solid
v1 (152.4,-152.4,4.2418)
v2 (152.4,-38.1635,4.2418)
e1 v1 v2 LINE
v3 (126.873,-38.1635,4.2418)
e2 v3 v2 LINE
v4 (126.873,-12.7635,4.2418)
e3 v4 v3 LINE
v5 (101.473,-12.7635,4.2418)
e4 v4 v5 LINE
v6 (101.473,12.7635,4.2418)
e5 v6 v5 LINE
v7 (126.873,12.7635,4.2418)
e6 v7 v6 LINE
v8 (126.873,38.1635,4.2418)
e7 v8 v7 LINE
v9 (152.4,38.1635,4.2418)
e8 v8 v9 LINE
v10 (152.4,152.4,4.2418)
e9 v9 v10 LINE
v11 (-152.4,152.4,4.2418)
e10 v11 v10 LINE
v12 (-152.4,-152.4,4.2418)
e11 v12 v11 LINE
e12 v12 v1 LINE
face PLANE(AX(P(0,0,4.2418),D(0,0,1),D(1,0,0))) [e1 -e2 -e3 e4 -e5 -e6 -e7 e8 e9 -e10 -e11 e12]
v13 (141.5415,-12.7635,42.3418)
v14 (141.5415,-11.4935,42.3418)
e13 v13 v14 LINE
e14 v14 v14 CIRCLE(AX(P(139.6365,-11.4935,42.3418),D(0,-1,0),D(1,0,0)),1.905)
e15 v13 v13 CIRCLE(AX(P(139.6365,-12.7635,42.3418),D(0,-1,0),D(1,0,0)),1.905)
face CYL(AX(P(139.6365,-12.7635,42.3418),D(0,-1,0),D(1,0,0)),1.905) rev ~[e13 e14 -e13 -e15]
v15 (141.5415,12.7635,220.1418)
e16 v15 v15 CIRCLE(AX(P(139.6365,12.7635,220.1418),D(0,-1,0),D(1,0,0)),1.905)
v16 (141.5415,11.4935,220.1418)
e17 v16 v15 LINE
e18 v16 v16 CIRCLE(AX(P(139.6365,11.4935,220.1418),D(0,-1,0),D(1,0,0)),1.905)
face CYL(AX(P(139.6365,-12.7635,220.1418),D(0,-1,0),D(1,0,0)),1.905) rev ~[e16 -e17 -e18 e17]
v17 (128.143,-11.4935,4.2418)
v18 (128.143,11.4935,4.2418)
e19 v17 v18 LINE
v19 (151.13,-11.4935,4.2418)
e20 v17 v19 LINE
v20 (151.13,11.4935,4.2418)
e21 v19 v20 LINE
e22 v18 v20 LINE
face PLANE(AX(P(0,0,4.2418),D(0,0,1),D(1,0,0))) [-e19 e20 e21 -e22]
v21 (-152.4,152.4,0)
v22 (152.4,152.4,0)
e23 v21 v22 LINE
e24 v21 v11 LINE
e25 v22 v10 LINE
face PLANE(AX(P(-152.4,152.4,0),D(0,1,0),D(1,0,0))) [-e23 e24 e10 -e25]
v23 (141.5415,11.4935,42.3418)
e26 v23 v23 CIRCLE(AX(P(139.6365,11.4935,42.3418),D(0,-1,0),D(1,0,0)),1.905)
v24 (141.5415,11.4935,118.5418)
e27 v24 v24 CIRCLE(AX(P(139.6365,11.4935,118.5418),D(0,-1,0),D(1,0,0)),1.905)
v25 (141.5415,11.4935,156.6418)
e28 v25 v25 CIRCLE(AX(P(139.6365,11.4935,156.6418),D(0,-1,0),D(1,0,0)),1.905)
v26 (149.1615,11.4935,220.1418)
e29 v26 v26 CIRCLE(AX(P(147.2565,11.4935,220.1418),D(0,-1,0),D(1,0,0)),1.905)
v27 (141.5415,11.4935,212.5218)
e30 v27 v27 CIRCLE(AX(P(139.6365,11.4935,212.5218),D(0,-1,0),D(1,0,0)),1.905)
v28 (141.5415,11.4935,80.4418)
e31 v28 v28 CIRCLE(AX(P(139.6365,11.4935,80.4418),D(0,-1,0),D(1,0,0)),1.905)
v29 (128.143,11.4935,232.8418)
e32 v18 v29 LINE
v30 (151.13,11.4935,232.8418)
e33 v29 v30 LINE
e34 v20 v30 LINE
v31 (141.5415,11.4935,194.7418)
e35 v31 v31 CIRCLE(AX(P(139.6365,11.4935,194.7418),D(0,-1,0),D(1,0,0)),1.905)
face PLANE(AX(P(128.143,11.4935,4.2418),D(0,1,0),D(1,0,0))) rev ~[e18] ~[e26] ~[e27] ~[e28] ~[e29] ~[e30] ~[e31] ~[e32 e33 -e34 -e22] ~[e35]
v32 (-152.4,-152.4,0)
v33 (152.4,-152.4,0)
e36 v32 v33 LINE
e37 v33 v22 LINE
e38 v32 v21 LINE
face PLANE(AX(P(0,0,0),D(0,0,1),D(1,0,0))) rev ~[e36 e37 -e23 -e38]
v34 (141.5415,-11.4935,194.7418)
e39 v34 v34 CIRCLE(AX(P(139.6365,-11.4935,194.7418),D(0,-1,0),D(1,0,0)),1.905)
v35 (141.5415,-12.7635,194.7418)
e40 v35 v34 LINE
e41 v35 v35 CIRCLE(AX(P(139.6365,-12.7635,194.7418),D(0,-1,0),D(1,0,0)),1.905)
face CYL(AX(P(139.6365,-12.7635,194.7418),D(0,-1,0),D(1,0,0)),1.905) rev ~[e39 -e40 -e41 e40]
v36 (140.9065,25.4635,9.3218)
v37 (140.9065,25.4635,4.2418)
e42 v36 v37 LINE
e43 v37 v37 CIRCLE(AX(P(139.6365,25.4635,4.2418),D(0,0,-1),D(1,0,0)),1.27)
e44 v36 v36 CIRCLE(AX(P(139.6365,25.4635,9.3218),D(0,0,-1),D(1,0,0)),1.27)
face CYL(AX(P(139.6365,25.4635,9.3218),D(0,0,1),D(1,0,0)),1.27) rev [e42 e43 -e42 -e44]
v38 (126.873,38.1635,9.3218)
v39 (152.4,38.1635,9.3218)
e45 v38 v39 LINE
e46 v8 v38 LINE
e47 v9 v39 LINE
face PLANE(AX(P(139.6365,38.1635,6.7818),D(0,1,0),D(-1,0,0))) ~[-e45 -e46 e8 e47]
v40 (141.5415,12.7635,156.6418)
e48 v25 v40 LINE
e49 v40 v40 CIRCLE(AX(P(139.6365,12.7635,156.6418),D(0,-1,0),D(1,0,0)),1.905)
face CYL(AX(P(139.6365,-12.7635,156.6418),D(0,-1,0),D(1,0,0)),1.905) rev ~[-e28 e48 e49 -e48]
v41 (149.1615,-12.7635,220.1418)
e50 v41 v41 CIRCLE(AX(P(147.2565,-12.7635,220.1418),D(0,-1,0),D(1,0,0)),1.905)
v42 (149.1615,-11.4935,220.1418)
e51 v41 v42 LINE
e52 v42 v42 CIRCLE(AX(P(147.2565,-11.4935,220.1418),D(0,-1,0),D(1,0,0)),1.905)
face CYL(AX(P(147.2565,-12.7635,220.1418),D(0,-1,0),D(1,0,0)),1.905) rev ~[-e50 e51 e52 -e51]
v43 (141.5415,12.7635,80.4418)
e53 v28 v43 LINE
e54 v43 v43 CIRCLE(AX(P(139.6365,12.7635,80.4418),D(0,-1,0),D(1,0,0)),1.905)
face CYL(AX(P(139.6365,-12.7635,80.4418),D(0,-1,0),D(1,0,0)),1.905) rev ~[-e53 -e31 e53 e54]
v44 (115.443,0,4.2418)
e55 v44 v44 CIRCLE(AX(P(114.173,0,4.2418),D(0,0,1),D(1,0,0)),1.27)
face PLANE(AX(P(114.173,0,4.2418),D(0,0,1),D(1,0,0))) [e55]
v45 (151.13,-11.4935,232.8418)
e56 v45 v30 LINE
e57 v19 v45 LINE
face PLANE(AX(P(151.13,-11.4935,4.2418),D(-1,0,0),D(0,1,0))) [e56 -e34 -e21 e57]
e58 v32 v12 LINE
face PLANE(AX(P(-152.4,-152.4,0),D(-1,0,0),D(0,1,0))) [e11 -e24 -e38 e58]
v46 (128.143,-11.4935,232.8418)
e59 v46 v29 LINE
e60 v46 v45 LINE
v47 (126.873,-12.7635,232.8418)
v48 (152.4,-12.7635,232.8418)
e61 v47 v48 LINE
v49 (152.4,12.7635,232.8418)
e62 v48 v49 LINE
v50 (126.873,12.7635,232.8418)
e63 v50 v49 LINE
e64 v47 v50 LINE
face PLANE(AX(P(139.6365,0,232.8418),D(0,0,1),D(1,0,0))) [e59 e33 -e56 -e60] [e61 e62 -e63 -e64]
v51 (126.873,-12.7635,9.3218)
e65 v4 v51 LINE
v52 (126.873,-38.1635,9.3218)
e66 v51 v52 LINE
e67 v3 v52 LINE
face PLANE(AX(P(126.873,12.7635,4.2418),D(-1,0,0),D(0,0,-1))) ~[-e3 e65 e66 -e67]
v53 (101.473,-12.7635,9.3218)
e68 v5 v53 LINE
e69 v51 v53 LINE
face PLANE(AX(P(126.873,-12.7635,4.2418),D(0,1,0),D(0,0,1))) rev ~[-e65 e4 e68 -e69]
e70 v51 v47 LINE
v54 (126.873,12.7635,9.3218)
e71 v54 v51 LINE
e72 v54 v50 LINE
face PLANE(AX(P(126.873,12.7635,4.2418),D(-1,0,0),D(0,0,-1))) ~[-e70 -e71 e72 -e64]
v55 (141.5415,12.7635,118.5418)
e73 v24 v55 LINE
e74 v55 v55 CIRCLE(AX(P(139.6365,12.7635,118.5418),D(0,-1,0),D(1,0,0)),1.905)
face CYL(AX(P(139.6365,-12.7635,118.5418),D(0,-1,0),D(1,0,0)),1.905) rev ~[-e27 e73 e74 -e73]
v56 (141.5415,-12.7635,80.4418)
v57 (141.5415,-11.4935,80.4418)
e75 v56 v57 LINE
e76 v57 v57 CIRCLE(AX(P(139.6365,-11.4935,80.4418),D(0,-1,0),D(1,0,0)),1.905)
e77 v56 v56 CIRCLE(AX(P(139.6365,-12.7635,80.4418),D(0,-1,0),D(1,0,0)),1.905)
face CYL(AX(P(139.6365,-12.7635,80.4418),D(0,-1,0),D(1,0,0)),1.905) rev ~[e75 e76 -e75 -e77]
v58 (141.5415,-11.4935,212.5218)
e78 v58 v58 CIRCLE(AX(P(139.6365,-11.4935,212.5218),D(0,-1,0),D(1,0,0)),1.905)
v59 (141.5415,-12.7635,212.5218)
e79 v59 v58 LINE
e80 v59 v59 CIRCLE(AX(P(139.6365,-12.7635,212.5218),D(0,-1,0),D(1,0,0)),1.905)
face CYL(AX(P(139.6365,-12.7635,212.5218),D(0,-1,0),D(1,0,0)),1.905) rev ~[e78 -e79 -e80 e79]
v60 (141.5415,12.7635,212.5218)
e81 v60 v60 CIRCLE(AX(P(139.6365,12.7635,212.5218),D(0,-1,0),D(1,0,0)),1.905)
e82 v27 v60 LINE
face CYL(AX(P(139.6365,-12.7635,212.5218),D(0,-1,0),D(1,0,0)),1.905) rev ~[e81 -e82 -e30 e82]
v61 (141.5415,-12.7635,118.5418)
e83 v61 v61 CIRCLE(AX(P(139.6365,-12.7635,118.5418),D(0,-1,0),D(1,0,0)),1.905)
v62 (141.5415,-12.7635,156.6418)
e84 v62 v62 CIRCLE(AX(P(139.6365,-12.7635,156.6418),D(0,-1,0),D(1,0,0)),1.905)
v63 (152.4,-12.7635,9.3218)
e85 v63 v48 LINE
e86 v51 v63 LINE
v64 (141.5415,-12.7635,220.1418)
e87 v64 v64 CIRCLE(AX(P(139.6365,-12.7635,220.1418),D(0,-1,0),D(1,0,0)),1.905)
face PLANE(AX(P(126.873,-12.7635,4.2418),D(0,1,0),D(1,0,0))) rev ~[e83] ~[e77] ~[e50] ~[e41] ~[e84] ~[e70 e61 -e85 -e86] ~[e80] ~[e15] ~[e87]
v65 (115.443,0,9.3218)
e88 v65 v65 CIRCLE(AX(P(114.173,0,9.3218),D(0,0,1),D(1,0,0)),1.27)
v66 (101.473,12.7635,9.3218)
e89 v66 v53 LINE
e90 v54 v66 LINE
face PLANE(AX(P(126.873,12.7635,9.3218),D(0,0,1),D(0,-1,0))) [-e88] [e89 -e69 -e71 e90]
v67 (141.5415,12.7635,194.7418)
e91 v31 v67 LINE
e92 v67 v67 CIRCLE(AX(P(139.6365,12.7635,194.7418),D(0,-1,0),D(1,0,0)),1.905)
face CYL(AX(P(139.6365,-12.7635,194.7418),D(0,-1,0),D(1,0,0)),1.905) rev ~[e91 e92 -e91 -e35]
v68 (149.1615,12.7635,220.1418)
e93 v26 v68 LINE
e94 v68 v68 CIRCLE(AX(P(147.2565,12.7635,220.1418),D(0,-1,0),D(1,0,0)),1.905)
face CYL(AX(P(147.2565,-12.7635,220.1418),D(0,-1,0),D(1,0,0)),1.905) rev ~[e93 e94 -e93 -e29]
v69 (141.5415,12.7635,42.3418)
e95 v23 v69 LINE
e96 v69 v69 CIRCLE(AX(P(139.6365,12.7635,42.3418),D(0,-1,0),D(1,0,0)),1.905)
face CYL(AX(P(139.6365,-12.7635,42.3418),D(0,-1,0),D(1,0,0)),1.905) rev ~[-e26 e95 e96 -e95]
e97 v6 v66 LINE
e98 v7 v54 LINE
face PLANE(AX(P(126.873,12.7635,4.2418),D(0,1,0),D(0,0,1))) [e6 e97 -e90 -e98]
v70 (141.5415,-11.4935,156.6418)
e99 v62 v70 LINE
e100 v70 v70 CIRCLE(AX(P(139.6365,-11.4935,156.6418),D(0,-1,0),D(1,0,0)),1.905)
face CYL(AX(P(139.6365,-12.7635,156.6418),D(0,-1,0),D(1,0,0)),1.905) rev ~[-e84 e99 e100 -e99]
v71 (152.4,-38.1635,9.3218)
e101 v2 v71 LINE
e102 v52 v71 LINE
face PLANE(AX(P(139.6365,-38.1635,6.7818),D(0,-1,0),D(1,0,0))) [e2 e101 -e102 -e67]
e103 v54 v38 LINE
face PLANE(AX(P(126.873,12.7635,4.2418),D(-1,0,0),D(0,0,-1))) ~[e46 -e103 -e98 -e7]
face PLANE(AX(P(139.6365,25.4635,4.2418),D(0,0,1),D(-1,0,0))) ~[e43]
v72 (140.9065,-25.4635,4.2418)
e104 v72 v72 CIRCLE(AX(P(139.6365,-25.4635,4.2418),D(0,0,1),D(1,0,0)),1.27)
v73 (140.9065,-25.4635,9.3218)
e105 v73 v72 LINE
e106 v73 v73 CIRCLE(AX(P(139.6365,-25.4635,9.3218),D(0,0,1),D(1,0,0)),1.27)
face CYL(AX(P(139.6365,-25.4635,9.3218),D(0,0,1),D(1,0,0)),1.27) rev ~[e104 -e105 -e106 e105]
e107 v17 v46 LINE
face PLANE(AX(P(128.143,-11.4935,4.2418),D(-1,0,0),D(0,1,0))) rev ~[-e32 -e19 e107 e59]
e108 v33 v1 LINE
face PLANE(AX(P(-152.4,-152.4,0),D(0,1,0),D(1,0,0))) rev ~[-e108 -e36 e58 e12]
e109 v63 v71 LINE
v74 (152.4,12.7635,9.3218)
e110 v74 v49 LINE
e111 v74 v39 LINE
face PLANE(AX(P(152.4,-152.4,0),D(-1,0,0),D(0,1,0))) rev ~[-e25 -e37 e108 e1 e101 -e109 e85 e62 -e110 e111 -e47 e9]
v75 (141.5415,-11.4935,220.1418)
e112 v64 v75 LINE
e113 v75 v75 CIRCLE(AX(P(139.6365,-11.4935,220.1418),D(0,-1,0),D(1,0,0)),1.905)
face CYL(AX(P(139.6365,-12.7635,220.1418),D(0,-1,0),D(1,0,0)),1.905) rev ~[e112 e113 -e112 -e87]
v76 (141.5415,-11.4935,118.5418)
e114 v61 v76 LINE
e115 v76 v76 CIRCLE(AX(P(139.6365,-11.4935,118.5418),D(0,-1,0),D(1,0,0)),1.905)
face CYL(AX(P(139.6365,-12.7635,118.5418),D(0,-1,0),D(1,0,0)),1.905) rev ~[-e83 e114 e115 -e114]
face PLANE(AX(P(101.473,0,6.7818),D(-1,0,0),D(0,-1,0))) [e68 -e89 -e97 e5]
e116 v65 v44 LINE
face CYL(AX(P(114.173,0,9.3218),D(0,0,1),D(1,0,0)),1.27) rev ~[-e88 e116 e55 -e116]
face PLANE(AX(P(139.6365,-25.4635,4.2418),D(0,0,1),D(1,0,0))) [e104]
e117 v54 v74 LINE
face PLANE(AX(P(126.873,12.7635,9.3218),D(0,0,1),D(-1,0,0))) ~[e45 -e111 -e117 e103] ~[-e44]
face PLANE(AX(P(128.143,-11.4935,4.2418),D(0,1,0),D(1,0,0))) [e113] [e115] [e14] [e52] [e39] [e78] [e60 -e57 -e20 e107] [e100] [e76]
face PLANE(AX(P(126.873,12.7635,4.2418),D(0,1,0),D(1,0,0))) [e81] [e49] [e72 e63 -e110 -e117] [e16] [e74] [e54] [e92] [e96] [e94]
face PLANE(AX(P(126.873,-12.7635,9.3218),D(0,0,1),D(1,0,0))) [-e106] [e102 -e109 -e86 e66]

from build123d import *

# Parameters (mm, degrees)
F0_W      = 304.8
F0_H      = 304.8
F1_DEPTH  = 4.2418
F2_W      = 25.527
F2_H      = 25.527
F2_W_2    = 22.987
F2_H_2    = 22.987
F3_DEPTH  = 228.6
F4_R      = 1.905
F5_DEPTH  = 165.1645
F6_W      = 25.527
F6_H      = 5.08
F7_DEPTH  = 25.4
F8_R      = 1.27
F9_DEPTH  = 5.08
F11_W     = 25.527
F11_H     = 5.08
F12_DEPTH = 25.4
F13_R     = 1.27
F14_DEPTH = 5.08
F15_R     = 1.905
F16_DEPTH = 165.1645


with BuildPart() as f1:
    # F0 (on Top) → F1 (new body)
    with BuildSketch(Plane.XY):
        Rectangle(F0_W, F0_H)
    extrude(amount=F1_DEPTH)

    # F2 (on face) → F3 (join)
    with BuildSketch(Plane.XY.offset(4.2418)):
        with Locations((139.6365, 0)):
            Rectangle(F2_W, F2_H)
        with Locations((139.6365, 0)):
            Rectangle(F2_W_2, F2_H_2, mode=Mode.SUBTRACT)
    extrude(amount=F3_DEPTH)

    # F4 (on face) → F5 (cut, through all)
    with BuildSketch(Plane.XZ.offset(12.7635)):
        with Locations((139.6365, 42.3418)):
            Circle(F4_R)
        with Locations((139.6365, 80.4418)):
            Circle(F4_R)
        with Locations((139.6365, 118.5418)):
            Circle(F4_R)
        with Locations((139.6365, 156.6418)):
            Circle(F4_R)
        with Locations((139.6365, 194.7418)):
            Circle(F4_R)
    extrude(amount=-F5_DEPTH, mode=Mode.SUBTRACT)

    # F6 (on face) → F7 (join)
    with BuildSketch(Plane.XZ.offset(12.7635)):
        with Locations((139.6365, 6.7818)):
            Rectangle(F6_W, F6_H)
    extrude(amount=F7_DEPTH)

    # F8 (on face) → F9 (cut)
    with BuildSketch(Plane.XY.offset(9.3218)):
        with Locations((139.6365, -25.4635)):
            Circle(F8_R)
    extrude(amount=-F9_DEPTH, mode=Mode.SUBTRACT)

    # F10: F1 across plane


with BuildPart() as f1_1:
    add(f1.part)
    add(f1.part.mirror(Plane.XZ))

    # F11 (on face) → F12 (join)
    with BuildSketch(Plane(origin=(126.873, 0, 0), x_dir=(0, -1, 0), z_dir=(-1, 0, 0))):
        with Locations((0, 6.7818)):
            Rectangle(F11_W, F11_H)
    extrude(amount=F12_DEPTH)

    # F13 (on face) → F14 (cut)
    with BuildSketch(Plane.XY.offset(9.3218)):
        with Locations((114.173, 0)):
            Circle(F13_R)
    extrude(amount=-F14_DEPTH, mode=Mode.SUBTRACT)

    # F15 (on face) → F16 (cut, through all)
    with BuildSketch(Plane.XZ.offset(12.7635)):
        with Locations((139.6365, 220.1418)):
            Circle(F15_R)
        with Locations((147.2565, 220.1418)):
            Circle(F15_R)
        with Locations((139.6365, 212.5218)):
            Circle(F15_R)
    extrude(amount=-F16_DEPTH, mode=Mode.SUBTRACT)


solid = f1_1.part
